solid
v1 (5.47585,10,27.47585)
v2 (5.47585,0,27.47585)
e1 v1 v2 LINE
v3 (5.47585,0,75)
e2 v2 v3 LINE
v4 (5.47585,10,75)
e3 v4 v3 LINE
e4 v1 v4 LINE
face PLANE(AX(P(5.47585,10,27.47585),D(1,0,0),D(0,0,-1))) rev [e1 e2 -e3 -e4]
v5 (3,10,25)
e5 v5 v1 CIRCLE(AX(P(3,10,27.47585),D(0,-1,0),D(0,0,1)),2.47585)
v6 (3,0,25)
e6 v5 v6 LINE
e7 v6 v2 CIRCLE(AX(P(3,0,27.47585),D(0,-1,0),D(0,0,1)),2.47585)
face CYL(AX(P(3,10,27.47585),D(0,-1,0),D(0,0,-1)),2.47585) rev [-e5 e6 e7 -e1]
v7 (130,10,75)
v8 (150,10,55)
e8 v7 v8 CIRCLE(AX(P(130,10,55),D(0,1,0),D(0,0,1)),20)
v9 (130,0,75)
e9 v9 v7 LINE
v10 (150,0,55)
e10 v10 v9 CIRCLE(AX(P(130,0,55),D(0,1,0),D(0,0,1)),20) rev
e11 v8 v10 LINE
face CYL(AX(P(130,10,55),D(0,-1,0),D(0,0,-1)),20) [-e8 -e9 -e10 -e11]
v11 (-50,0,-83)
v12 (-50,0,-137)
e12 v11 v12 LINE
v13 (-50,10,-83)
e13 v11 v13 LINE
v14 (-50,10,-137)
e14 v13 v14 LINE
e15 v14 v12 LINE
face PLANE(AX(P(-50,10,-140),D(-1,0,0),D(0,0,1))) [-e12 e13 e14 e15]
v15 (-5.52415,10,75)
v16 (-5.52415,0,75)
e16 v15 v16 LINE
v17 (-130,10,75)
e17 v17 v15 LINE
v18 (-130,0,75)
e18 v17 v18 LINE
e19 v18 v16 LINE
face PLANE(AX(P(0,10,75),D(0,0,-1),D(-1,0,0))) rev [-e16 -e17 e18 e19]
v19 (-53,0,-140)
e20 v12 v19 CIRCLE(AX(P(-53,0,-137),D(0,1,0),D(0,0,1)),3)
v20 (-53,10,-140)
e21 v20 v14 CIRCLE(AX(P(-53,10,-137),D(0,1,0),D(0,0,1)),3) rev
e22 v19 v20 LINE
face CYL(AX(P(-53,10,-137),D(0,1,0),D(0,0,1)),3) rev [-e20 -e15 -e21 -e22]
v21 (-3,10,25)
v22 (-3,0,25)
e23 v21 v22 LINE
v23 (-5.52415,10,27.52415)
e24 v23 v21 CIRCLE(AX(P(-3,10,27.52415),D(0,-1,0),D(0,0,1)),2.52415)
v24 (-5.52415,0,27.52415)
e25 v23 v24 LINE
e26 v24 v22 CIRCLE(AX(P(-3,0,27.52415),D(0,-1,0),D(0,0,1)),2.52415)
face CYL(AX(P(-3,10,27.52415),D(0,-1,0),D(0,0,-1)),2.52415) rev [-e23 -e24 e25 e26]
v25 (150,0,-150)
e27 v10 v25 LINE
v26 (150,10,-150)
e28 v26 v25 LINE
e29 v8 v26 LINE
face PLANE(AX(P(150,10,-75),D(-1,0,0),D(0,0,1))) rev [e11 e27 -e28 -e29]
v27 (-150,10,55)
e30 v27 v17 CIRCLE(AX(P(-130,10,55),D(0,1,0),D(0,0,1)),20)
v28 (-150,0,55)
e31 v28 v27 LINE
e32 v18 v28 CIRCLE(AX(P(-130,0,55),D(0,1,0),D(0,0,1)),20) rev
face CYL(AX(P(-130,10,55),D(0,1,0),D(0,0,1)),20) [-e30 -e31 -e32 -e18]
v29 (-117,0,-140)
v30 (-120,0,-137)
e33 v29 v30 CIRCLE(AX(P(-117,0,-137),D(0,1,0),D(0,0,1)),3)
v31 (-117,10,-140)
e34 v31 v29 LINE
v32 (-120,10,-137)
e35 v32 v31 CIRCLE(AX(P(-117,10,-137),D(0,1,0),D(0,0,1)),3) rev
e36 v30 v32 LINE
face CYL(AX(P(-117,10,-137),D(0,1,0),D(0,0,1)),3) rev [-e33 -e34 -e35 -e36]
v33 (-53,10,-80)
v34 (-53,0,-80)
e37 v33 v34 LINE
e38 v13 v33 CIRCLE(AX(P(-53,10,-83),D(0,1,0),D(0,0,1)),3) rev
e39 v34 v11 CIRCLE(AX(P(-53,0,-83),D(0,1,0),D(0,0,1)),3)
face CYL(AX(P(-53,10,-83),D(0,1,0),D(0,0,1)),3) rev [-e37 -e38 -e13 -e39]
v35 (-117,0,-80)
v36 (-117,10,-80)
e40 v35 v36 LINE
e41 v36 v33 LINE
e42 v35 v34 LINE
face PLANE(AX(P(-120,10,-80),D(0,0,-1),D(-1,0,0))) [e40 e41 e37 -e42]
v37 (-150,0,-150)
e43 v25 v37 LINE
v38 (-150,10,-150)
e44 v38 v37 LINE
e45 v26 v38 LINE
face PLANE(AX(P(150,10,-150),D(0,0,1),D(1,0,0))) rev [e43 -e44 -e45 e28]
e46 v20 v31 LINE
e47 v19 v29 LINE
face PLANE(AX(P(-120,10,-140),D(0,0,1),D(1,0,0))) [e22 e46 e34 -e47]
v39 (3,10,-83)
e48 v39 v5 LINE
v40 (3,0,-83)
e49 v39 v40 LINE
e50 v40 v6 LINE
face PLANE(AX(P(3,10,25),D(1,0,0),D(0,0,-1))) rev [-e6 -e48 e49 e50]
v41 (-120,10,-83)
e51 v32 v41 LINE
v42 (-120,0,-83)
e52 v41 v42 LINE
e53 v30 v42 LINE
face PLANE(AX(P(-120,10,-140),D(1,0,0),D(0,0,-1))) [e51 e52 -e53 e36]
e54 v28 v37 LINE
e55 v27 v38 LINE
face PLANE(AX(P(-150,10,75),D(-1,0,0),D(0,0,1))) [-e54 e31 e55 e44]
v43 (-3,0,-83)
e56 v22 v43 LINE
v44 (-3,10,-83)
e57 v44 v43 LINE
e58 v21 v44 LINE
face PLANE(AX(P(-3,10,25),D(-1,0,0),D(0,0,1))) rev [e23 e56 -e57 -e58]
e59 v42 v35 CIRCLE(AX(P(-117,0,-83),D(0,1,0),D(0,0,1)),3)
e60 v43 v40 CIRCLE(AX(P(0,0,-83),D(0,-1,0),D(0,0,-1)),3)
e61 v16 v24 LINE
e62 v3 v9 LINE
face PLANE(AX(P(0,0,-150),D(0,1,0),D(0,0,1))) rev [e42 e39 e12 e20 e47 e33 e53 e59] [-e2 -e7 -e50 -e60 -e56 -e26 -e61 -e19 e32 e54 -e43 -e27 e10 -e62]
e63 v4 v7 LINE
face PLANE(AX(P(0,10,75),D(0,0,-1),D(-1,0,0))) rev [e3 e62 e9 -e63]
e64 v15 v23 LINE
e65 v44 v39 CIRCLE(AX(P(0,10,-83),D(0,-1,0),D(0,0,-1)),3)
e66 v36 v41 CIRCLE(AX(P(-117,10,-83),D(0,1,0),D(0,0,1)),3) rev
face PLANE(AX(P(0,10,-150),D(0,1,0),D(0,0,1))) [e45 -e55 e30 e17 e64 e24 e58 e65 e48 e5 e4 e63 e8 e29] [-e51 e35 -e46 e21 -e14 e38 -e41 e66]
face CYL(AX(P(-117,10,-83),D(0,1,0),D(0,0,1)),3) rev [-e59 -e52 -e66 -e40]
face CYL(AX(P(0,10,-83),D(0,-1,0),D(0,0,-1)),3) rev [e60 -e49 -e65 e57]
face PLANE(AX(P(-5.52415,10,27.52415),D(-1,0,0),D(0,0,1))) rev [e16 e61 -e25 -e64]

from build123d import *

# Parameters (mm, degrees)
LINEAR_AUSTRAGEN1_DEPTH         = 10
VERRUNDUNG1_R                   = 20
VERRUNDUNG1_OF_SPIEGELN2_R      = 20
SKIZZE3_W                       = 70
SKIZZE3_H                       = 60
SCHNITT_LINEAR_AUSTRAGEN1_DEPTH = 11
VERRUNDUNG2_R                   = 3
SCHNITT_LINEAR_AUSTRAGEN2_DEPTH = 10


with BuildPart() as part:
    # Skizze1 → Linear austragen1 (new body)
    with BuildSketch(Plane(origin=(0, 0, 0), x_dir=(1, 0, 0), z_dir=(0, 1, 0))):
        Polygon((150, 75), (150, 150), (0, 150), (0, 75), (0, -75), (150, -75), align=None)
    linear_austragen1 = extrude(amount=LINEAR_AUSTRAGEN1_DEPTH)

    # Verrundung1
    verrundung1_edges = [part.edges().sort_by_distance(p)[0] for p in [
        (150, 5, 75),
    ]]
    fillet(verrundung1_edges, radius=VERRUNDUNG1_R)

    # Spiegeln2: Linear austragen1 across plane
    add(linear_austragen1.mirror(Plane(origin=(0, 10, -150), x_dir=(0, 0, 1), z_dir=(1, 0, 0))))

    # Verrundung1 of Spiegeln2
    verrundung1_of_spiegeln2_edges = [part.edges().sort_by_distance(p)[0] for p in [
        (-150, 5, 75),
    ]]
    fillet(verrundung1_of_spiegeln2_edges, radius=VERRUNDUNG1_OF_SPIEGELN2_R)

    # Skizze3 → Schnitt-Linear austragen1 (cut, through all)
    with BuildSketch(Plane(origin=(0, 0, 0), x_dir=(-1, 0, 0), z_dir=(0, 1, 0))):
        with Locations((85, -110)):
            Rectangle(SKIZZE3_W, SKIZZE3_H)
    extrude(amount=SCHNITT_LINEAR_AUSTRAGEN1_DEPTH, mode=Mode.SUBTRACT)

    # Verrundung2
    verrundung2_edges = [part.edges().sort_by_distance(p)[0] for p in [
        (-120, 5, -140),
        (-120, 5, -80),
        (-50, 5, -80),
        (-50, 5, -140),
    ]]
    fillet(verrundung2_edges, radius=VERRUNDUNG2_R)

    # Skizze4 → Schnitt-Linear austragen2 (cut)
    with BuildSketch(Plane.XZ):
        with BuildLine():
            Line((-3, 25), (-3, -83))
            ThreePointArc((-3, -83), (0, -86), (3, -83))
            Line((3, -83), (3, 25))
            ThreePointArc((3, 25), (4.75069059, 25.725159786), (5.475850376, 27.475850376))
            Line((5.475850376, 27.475850376), (5.475850376, 75))
            Line((5.475850376, 75), (-5.524149624, 75))
            Line((-5.524149624, 75), (-5.524149624, 27.524149624))
            ThreePointArc((-5.524149624, 27.524149624), (-4.784843316, 25.739306308), (-3, 25))
        make_face()
    extrude(amount=-SCHNITT_LINEAR_AUSTRAGEN2_DEPTH, mode=Mode.SUBTRACT)


solid = part.part
